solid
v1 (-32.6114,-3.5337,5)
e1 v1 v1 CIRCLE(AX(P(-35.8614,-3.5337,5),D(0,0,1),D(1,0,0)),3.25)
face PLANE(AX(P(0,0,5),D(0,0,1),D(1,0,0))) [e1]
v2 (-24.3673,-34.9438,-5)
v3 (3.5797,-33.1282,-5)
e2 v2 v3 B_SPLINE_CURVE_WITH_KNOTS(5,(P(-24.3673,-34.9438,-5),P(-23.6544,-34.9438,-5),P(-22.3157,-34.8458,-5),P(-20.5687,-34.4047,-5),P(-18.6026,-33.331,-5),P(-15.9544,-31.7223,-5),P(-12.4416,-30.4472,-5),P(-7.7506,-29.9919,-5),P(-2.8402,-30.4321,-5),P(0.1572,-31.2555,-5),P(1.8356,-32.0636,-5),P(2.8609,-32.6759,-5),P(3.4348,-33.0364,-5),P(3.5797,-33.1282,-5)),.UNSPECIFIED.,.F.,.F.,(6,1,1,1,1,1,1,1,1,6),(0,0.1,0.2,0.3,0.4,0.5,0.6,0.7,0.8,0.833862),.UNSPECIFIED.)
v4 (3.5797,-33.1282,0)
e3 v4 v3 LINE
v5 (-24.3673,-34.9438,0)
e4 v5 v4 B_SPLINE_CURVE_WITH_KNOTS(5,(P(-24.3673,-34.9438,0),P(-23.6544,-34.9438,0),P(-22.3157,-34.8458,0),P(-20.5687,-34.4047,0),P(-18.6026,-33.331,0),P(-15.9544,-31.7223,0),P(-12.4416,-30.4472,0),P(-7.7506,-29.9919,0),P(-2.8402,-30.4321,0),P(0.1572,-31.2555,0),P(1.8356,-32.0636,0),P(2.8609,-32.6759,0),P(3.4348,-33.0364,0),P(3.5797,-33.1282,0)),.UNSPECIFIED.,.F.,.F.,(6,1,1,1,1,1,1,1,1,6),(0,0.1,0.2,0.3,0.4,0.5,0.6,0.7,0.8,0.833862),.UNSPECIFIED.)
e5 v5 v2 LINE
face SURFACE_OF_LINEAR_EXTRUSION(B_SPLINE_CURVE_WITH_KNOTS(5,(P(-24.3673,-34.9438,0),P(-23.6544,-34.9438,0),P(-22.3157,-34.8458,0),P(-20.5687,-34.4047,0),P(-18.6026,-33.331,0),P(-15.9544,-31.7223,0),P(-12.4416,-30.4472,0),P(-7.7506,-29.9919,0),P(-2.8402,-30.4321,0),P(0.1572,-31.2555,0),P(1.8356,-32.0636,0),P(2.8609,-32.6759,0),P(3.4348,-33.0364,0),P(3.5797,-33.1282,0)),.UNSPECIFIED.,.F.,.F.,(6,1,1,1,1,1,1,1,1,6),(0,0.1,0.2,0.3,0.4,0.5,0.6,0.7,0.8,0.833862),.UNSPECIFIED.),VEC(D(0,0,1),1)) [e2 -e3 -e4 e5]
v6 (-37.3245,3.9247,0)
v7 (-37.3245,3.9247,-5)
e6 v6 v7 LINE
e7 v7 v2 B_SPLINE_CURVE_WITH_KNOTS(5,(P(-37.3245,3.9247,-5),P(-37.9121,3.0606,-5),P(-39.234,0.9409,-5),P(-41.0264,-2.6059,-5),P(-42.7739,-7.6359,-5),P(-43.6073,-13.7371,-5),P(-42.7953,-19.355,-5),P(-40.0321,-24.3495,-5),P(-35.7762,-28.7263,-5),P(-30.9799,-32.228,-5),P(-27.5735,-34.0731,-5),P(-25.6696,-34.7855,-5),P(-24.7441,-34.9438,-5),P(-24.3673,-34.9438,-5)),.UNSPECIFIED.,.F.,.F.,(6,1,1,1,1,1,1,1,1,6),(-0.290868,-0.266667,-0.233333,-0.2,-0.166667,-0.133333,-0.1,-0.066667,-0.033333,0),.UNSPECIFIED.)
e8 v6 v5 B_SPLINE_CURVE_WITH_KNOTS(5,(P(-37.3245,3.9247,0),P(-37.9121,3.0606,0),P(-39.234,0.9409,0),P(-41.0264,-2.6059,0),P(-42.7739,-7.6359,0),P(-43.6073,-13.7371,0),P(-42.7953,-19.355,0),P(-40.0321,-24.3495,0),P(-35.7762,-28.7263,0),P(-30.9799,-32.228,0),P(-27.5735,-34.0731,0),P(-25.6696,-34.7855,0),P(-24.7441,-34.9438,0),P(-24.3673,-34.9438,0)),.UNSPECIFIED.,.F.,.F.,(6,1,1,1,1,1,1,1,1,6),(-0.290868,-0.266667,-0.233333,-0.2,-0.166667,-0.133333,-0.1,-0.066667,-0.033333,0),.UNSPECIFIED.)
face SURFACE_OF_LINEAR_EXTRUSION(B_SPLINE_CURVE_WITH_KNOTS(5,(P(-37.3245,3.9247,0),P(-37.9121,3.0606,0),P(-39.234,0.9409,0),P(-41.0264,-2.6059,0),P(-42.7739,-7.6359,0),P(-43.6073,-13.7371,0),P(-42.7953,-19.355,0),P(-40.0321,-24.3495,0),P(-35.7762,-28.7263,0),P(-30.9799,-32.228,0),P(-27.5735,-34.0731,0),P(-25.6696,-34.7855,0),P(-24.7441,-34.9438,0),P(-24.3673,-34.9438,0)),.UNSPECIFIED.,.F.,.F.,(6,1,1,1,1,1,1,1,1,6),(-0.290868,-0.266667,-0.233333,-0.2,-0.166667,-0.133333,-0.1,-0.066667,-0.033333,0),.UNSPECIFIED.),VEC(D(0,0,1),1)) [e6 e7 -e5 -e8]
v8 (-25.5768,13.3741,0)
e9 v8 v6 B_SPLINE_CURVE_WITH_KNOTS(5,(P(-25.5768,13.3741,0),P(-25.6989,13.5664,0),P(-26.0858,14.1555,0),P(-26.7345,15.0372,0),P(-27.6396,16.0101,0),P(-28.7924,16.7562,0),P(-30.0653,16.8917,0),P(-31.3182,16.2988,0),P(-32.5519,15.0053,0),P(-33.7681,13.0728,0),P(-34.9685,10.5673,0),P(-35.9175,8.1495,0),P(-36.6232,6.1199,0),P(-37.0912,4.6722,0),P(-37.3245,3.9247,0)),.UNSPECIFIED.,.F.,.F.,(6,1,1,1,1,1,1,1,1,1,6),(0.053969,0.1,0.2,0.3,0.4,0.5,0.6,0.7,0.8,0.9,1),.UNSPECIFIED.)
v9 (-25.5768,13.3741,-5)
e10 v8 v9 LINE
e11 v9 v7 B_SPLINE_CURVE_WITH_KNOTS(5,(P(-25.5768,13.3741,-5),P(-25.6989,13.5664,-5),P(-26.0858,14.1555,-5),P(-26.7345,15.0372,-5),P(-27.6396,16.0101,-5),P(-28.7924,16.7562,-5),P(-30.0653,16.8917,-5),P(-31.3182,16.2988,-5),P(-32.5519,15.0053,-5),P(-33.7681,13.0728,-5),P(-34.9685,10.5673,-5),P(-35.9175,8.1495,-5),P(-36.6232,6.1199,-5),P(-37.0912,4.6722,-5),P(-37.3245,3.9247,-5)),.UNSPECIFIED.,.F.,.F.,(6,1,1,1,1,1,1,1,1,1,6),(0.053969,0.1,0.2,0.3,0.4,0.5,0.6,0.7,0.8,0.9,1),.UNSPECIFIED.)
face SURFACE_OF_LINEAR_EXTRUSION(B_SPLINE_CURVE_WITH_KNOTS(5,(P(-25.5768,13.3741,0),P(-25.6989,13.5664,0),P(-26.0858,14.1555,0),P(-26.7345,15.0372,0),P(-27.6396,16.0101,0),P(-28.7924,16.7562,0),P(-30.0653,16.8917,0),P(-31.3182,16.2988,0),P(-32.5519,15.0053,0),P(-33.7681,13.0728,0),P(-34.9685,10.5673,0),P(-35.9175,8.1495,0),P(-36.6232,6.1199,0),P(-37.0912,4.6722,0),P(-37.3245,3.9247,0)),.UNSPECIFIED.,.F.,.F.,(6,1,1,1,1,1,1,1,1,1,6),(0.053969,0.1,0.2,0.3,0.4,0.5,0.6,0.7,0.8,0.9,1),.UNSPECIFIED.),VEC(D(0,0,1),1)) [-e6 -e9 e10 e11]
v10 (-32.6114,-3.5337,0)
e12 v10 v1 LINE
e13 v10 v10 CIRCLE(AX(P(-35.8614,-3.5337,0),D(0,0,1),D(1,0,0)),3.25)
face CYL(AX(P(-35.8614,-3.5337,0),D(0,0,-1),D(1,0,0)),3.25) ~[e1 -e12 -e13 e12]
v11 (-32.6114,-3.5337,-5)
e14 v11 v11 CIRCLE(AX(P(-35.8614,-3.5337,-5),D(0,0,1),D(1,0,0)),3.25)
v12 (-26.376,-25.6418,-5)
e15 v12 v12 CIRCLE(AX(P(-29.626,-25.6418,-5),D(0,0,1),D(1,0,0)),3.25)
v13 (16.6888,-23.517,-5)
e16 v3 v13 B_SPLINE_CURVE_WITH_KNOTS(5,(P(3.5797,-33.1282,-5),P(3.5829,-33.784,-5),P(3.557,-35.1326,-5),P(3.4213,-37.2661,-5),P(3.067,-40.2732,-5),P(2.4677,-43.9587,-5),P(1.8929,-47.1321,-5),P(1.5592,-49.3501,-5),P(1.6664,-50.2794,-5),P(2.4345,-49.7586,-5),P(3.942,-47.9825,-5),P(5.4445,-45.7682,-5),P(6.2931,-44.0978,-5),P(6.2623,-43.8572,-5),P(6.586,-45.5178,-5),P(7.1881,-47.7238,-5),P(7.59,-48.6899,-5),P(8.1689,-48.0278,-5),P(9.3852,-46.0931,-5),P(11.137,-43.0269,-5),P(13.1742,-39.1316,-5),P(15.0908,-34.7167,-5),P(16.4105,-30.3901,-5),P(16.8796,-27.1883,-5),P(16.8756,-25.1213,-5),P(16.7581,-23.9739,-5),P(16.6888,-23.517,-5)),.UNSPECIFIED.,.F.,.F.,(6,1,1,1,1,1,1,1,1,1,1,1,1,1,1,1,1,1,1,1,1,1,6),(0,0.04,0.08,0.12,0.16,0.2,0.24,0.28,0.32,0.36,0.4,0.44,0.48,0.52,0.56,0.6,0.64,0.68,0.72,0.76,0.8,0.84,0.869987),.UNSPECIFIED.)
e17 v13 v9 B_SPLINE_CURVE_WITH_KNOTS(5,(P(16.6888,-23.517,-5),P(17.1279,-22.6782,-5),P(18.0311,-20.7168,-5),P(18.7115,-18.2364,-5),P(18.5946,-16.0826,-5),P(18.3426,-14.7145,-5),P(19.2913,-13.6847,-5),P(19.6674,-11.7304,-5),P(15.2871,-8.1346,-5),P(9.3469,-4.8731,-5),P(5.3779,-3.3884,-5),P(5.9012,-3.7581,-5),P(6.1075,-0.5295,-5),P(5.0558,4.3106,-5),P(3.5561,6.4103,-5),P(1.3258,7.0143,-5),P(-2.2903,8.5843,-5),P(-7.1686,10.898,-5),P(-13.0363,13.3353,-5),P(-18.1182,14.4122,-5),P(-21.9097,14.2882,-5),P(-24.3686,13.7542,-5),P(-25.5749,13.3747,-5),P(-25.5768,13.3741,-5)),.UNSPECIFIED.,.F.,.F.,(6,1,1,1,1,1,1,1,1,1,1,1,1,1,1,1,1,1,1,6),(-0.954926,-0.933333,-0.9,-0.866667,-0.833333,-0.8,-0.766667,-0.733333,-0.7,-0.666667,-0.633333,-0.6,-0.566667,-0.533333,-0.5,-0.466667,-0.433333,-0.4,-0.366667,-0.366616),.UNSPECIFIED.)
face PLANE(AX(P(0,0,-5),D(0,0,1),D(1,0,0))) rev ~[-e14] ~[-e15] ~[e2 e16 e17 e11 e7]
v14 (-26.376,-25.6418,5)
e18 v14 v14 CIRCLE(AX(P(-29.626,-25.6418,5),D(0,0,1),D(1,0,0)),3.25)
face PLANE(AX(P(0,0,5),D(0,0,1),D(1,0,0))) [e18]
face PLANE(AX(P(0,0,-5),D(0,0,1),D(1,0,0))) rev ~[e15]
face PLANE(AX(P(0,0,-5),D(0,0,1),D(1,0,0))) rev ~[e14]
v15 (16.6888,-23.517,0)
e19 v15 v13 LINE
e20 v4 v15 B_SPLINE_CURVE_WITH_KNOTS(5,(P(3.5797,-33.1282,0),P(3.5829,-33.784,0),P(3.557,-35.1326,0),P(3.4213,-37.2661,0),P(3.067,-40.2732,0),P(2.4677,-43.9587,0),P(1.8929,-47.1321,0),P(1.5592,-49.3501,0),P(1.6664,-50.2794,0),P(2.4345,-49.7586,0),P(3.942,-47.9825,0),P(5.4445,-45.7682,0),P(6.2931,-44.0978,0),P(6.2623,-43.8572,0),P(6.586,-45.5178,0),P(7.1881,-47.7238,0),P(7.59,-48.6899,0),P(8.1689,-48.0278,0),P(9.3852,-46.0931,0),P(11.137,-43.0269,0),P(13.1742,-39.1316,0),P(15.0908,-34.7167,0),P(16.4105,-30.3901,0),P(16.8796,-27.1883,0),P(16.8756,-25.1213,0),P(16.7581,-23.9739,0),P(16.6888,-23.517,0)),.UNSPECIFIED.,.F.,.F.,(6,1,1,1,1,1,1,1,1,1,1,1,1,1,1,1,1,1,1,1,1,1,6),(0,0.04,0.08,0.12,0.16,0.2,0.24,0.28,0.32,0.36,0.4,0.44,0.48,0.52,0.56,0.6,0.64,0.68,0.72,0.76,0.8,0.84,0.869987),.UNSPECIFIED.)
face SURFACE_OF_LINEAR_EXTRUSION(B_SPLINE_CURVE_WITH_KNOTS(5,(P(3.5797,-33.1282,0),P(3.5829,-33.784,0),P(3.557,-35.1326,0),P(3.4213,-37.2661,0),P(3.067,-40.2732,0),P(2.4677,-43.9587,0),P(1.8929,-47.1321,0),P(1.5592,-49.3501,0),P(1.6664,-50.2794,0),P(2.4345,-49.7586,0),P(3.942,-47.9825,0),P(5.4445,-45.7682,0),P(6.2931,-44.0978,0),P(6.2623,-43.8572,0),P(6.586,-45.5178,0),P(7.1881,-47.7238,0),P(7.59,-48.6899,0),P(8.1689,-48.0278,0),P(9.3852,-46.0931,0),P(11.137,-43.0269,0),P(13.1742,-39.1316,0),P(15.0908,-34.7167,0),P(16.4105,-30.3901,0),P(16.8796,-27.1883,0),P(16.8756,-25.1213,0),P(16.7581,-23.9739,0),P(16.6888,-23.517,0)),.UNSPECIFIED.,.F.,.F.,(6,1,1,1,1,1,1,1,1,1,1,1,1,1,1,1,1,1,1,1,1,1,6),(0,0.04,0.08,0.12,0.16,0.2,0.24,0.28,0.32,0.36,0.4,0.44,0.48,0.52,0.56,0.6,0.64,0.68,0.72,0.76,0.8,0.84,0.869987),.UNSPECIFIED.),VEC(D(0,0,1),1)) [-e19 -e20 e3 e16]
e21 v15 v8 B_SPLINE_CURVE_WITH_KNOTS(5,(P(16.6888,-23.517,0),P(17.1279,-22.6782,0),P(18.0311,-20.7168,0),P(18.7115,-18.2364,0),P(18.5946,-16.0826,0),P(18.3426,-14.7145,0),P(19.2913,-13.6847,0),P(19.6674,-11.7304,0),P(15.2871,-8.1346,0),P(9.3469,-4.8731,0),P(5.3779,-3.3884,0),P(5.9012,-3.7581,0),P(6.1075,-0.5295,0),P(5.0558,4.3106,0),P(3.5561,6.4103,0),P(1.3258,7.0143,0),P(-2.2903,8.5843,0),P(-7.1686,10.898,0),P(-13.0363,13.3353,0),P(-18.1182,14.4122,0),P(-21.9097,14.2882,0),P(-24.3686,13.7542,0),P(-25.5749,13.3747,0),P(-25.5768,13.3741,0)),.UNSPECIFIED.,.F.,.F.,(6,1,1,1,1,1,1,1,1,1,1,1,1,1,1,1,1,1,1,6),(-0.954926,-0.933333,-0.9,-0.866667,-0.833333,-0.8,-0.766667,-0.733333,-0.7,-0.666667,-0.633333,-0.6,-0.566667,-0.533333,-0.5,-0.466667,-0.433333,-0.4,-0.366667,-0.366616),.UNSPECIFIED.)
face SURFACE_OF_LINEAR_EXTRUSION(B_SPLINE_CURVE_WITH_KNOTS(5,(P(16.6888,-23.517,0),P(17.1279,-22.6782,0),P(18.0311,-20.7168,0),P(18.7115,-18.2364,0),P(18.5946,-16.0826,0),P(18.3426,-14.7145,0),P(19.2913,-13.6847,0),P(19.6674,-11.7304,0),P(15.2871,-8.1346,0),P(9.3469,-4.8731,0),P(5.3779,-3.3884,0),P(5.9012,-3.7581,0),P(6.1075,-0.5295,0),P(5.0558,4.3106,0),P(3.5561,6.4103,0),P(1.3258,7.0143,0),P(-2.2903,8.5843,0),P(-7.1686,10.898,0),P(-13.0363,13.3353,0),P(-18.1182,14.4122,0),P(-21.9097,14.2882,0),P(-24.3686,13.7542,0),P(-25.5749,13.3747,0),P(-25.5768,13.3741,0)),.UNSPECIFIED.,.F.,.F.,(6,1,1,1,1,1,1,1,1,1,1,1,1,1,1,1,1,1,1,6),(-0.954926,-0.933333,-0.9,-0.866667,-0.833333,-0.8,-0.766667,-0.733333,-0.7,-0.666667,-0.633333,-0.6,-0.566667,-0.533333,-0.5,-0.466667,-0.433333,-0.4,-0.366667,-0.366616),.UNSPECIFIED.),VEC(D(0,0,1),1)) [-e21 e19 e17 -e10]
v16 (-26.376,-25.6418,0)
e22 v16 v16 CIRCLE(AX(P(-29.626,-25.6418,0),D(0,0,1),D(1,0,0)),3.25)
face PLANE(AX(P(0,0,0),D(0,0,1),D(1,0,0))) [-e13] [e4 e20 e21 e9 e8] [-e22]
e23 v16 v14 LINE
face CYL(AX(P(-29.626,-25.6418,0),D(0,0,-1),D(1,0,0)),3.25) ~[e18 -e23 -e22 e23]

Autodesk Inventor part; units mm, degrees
ref_plane "YZ Plane" through (0, 0, 0) normal (1, 0, 0) x (0, 1, 0)
ref_plane "XZ Plane" through (0, 0, 0) normal (0, 1, 0) x (-1, 0, 0)
ref_plane "XY Plane" through (0, 0, 0) normal (0, 0, 1) x (1, 0, 0)
sketch "Sketch2" plane through (0, 0, 0) normal (0, 0, 1) x (1, 0, 0)
  circle A0 centre (-29.626, -25.6418) radius 3.25
  circle A1 centre (-35.8614, -3.5337) radius 3.25
  spline S0 degree 5 poles (-37.3245, 3.9247) (-37.9121, 3.0606) (-39.234, 0.9409) (-41.0264, -2.6059) (-42.7739, -7.6359) (-43.6073, -13.7371) (-42.7953, -19.355) (-40.0321, -24.3495) (-35.7762, -28.7263) (-30.9799, -32.228) (-27.5735, -34.0731) (-25.6696, -34.7855) (-24.7441, -34.9438) (-24.3673, -34.9438) knots -0.290868 -0.290868 -0.290868 -0.290868 -0.290868 -0.290868 -0.266667 -0.233333 -0.2 -0.166667 -0.133333 -0.1 -0.066667 -0.033333 0 0 0 0 0 0 weights 1 1 1 1 1 1 1 1 1 1 1 1 1 1
  spline S1 degree 5 poles (-24.3673, -34.9438) (-23.6544, -34.9438) (-22.3157, -34.8458) (-20.5687, -34.4047) (-18.6026, -33.331) (-15.9544, -31.7223) (-12.4416, -30.4472) (-7.7506, -29.9919) (-2.8402, -30.4321) (0.1572, -31.2555) (1.8356, -32.0636) (2.8609, -32.6759) (3.4348, -33.0364) (3.5797, -33.1282) knots 0 0 0 0 0 0 0.1 0.2 0.3 0.4 0.5 0.6 0.7 0.8 0.833862 0.833862 0.833862 0.833862 0.833862 0.833862 weights 1 1 1 1 1 1 1 1 1 1 1 1 1 1
  spline S2 degree 5 poles (3.5797, -33.1282) (3.5829, -33.784) (3.557, -35.1326) (3.4213, -37.2661) (3.067, -40.2732) (2.4677, -43.9587) (1.8929, -47.1321) (1.5592, -49.3501) (1.6664, -50.2794) (2.4345, -49.7586) (3.942, -47.9825) (5.4445, -45.7682) (6.2931, -44.0978) (6.2623, -43.8572) (6.586, -45.5178) (7.1881, -47.7238) (7.59, -48.6899) (8.1689, -48.0278) (9.3852, -46.0931) (11.137, -43.0269) (13.1742, -39.1316) (15.0908, -34.7167) (16.4105, -30.3901) (16.8796, -27.1883) (16.8756, -25.1213) (16.7581, -23.9739) (16.6888, -23.517) knots 0 0 0 0 0 0 0.04 0.08 0.12 0.16 0.2 0.24 0.28 0.32 0.36 0.4 0.44 0.48 0.52 0.56 0.6 0.64 0.68 0.72 0.76 0.8 0.84 0.869987 0.869987 0.869987 0.869987 0.869987 0.869987 weights 1 1 1 1 1 1 1 1 1 1 1 1 1 1 1 1 1 1 1 1 1 1 1 1 1 1 1
  spline S3 degree 5 poles (16.6888, -23.517) (17.1279, -22.6782) (18.0311, -20.7168) (18.7115, -18.2364) (18.5946, -16.0826) (18.3426, -14.7145) (19.2913, -13.6847) (19.6674, -11.7304) (15.2871, -8.1346) (9.3469, -4.8731) (5.3779, -3.3884) (5.9012, -3.7581) (6.1075, -0.5295) (5.0558, 4.3106) (3.5561, 6.4103) (1.3258, 7.0143) (-2.2903, 8.5843) (-7.1686, 10.898) (-13.0363, 13.3353) (-18.1182, 14.4122) (-21.9097, 14.2882) (-24.3686, 13.7542) (-25.5749, 13.3747) (-25.5768, 13.3741) knots -0.954926 -0.954926 -0.954926 -0.954926 -0.954926 -0.954926 -0.933333 -0.9 -0.866667 -0.833333 -0.8 -0.766667 -0.733333 -0.7 -0.666667 -0.633333 -0.6 -0.566667 -0.533333 -0.5 -0.466667 -0.433333 -0.4 -0.366667 -0.366616 -0.366616 -0.366616 -0.366616 -0.366616 -0.366616 weights 1 1 1 1 1 1 1 1 1 1 1 1 1 1 1 1 1 1 1 1 1 1 1 1
  spline S4 degree 5 poles (-25.5768, 13.3741) (-25.6989, 13.5664) (-26.0858, 14.1555) (-26.7345, 15.0372) (-27.6396, 16.0101) (-28.7924, 16.7562) (-30.0653, 16.8917) (-31.3182, 16.2988) (-32.5519, 15.0053) (-33.7681, 13.0728) (-34.9685, 10.5673) (-35.9175, 8.1495) (-36.6232, 6.1199) (-37.0912, 4.6722) (-37.3245, 3.9247) knots 0.053969 0.053969 0.053969 0.053969 0.053969 0.053969 0.1 0.2 0.3 0.4 0.5 0.6 0.7 0.8 0.9 1 1 1 1 1 1 weights 1 1 1 1 1 1 1 1 1 1 1 1 1 1 1
  point P0 (0, 0)
  point P1 (30.6979, -34.6022)
  dimension "d4" = 6.5
extrude "Extrusion1" add sketch "Sketch2" against normal blind 5 contours A0 | A1 | S4 S3 S2 S1 S0
extrude "Extrusion2" add sketch "Sketch2" along normal blind 5 contours A0 | A1
equation "\"d4\" = R"
equation "\"R\" = 6.5"
equation "\"thickness\" = 5"
equation "\"width\" = 6.5"
equation "\"R1\" = 9"
